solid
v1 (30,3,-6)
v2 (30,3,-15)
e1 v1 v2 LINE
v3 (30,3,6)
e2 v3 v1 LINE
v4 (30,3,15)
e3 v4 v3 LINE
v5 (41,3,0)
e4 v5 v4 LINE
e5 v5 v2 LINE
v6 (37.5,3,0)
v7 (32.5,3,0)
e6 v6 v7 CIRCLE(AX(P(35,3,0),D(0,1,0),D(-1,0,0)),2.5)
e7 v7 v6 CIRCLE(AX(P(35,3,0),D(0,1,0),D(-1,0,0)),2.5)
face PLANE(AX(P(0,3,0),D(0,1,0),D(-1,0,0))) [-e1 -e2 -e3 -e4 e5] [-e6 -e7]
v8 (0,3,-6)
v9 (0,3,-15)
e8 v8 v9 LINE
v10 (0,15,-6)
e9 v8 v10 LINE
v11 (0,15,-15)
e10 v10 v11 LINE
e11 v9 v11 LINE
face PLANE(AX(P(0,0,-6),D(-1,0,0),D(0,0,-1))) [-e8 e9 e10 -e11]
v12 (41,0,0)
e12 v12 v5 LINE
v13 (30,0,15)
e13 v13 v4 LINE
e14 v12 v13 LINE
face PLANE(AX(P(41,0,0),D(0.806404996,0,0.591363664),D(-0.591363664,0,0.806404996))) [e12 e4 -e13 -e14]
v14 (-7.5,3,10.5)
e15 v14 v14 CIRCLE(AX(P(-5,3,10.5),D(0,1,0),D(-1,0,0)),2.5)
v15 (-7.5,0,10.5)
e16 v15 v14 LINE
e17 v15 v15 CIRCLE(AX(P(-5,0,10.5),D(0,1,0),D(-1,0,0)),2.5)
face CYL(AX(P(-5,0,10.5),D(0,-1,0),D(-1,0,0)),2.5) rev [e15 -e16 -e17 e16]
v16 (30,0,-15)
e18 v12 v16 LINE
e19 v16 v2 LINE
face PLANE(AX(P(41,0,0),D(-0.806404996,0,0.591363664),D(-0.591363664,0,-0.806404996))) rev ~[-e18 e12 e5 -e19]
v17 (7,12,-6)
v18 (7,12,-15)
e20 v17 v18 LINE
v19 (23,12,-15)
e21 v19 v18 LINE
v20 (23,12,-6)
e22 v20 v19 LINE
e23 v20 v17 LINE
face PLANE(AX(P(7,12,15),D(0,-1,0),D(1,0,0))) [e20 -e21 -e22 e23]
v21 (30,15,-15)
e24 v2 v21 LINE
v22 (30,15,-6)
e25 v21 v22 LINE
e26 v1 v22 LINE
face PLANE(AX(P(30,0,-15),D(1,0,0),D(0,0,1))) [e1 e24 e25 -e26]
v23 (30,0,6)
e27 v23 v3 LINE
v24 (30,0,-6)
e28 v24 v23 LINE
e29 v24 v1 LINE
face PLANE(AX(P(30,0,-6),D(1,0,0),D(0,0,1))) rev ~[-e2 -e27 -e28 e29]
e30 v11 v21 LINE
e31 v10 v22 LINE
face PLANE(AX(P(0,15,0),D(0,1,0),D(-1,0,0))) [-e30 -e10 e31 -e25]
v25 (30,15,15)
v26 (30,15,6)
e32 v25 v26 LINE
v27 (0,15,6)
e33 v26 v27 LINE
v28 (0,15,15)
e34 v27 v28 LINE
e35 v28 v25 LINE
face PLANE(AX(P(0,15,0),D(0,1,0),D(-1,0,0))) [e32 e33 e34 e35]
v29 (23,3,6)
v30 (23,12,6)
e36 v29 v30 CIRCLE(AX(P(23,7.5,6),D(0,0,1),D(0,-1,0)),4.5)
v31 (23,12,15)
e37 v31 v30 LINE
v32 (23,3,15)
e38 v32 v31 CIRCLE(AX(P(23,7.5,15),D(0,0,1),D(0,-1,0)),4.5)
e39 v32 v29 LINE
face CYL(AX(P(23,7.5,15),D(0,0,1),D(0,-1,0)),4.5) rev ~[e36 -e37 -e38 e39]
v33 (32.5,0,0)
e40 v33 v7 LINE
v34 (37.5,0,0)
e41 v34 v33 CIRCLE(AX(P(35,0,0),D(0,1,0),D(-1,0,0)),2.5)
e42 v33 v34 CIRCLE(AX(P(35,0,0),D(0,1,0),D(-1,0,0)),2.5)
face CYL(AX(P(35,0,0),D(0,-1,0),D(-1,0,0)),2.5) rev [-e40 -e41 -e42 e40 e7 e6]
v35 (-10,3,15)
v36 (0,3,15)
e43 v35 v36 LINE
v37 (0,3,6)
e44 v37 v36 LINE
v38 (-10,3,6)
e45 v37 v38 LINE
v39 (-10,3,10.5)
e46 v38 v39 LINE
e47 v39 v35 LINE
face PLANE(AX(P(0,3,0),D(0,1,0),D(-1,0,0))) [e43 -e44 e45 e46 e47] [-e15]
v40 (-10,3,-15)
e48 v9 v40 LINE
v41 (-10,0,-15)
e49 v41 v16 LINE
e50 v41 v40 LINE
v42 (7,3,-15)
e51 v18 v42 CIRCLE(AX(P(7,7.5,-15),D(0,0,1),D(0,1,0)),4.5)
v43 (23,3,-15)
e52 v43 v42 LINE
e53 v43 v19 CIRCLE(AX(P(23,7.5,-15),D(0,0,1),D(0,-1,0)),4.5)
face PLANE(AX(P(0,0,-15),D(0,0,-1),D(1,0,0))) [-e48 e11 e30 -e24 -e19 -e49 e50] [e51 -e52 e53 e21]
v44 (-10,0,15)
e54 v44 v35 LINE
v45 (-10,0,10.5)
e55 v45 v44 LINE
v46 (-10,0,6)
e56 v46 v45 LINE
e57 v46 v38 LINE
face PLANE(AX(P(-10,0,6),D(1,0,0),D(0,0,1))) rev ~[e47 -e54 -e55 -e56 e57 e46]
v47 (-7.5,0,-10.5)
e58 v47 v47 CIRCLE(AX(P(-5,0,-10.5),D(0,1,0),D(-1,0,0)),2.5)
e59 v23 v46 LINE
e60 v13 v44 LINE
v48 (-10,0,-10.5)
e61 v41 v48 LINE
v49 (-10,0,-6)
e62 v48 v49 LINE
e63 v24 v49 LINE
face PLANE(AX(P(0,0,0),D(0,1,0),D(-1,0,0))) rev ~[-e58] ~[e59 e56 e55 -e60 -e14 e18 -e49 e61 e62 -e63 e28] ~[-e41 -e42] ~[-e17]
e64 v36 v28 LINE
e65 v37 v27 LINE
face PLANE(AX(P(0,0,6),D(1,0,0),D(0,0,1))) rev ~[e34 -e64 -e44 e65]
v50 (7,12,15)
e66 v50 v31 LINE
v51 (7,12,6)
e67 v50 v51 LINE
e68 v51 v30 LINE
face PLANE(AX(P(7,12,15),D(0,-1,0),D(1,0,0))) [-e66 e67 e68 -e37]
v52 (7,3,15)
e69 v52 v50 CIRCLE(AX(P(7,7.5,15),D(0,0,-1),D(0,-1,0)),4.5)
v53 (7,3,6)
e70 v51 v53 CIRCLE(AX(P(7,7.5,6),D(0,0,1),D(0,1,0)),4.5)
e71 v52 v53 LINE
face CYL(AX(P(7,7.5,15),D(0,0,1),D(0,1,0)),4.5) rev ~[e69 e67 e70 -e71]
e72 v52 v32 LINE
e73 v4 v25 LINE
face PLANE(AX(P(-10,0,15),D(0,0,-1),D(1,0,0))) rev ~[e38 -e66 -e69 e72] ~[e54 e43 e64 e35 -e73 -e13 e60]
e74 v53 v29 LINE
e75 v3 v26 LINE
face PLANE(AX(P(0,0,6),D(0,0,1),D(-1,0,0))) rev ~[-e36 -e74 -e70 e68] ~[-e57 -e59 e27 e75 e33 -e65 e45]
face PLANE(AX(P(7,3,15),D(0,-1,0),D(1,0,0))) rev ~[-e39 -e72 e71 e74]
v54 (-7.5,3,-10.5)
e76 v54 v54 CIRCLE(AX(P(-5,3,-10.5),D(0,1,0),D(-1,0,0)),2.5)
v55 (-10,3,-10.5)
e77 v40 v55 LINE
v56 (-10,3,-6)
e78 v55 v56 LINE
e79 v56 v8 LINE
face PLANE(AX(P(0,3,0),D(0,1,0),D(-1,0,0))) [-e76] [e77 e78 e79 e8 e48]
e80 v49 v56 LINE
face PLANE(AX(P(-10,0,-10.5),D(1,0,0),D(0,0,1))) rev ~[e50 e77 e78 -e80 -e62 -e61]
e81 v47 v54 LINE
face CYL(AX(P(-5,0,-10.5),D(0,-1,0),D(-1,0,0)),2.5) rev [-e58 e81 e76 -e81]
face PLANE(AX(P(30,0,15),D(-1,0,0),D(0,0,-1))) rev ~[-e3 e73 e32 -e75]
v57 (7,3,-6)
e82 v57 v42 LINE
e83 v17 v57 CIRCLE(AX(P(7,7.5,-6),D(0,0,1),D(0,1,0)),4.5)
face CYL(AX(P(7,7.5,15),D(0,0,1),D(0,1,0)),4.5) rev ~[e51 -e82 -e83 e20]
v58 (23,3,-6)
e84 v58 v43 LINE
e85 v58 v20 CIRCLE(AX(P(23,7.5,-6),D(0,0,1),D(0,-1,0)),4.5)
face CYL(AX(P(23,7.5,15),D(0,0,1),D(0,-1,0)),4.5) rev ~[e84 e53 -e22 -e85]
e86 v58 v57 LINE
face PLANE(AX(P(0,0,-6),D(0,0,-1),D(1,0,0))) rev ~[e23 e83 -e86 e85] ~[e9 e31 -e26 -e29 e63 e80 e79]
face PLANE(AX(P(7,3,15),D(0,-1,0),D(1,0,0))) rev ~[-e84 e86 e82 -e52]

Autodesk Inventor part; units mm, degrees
ref_plane "YZ Plane" through (0, 0, 0) normal (1, 0, 0) x (0, 1, 0)
ref_plane "XZ Plane" through (0, 0, 0) normal (0, 1, 0) x (-1, 0, 0)
ref_plane "XY Plane" through (0, 0, 0) normal (0, 0, 1) x (1, 0, 0)
sketch "Sketch1" plane through (0, 0, 0) normal (0, 1, 0) x (-1, 0, 0)
  circle A0 centre (0, 0) radius 3.2
  circle A1 centre (0, 0) radius 3.4
  circle A2 centre (0, 0) radius 5
  circle A3 centre (0, 0) radius 6
  line L0 (0, 0) -> (0, -15)
  line L1 (0, 0) -> (0, 15)
  line L2 (0, 0) -> (-9, 0)
  circle A4 centre (-9, 0) radius 3.75
  line L3 (0, 15) -> (0, 6)
  line L4 (0, 6) -> (10, 6)
  line L5 (10, 6) -> (10, 15)
  line L6 (10, 15) -> (0, 15)
  line L7 (10, 10.5) -> (5, 10.5)
  line L8 (0, -15) -> (10, -15)
  line L9 (10, -15) -> (10, -6)
  line L10 (10, -6) -> (0, -6)
  line L11 (10, -10.5) -> (5, -10.5)
  circle A5 centre (5, 10.5) radius 2.5
  circle A6 centre (5, -10.5) radius 2.5
  line L12 (0, -6) -> (-30, -6)
  line L13 (-30, -6) -> (-30, 6)
  line L14 (-30, 6) -> (0, 6)
  line L15 (0, 15) -> (-30, 15)
  line L16 (-30, 15) -> (-30, 6)
  line L17 (0, -15) -> (-30, -15)
  line L18 (-30, -15) -> (-30, -6)
  line L19 (-35, 0) -> (-41, 0)
  line L20 (-41, 0) -> (-30, -15)
  line L21 (-41, 0) -> (-30, 15)
  circle A7 centre (-35, 0) radius 2.5
  dimension "d3" = 12
  dimension "d0" = 6.4
  dimension "d1" = 6.8
  dimension "d2" = 10
  dimension "d4" = 15
  dimension "d5" = 15
  dimension "d6" = 9
  dimension "d7" = 7.5
  dimension "d8" = 10
  dimension "d9" = 5
  dimension "d10" = 10
  dimension "d11" = 10
  dimension "d12" = 5
  dimension "d13" = 5
  dimension "d14" = 5
  dimension "d15" = 30
  dimension "d17" = 6
  dimension "d18" = 5
extrude "Extrusion1" add sketch "Sketch1" along normal blind 3 contours L1 L6 L5 L4 | L10 L9 L8 L0 | L13 L18 L20 L21 L16
extrude "Extrusion2" add sketch "Sketch1" along normal blind 15 contours L14 L16 L15 L1 | L0 L17 L18 L12
sketch "Sketch2" plane through (-10, 0, 15) normal (0, 0, 1) x (1, 0, 0)
  line L0 (10, 15) -> (10, 7.5)
  line L1 (10, 3) -> (10, 15) projected
  line L2 (10, 7.5) -> (17, 7.5)
  arc A0 (17, 12) -> (17, 3) centre (17, 7.5) ccw
  line L3 (17, 7.5) -> (40, 7.5)
  line L4 (40, 3) -> (40, 15) projected
  line L5 (40, 7.5) -> (33, 7.5)
  arc A1 (33, 3) -> (33, 12) centre (33, 7.5) ccw
  line L6 (17, 3) -> (33, 3)
  line L7 (17, 12) -> (33, 12)
  point P0 (10, 0)
  dimension "d23" = 7.5
  dimension "d24" = 7
  dimension "d25" = 9
  dimension "d26" = 7
  dimension "d27" = 9
extrude "Extrusion3" cut sketch "Sketch2" against normal blind 31
properties part number "push_clip(1)"
